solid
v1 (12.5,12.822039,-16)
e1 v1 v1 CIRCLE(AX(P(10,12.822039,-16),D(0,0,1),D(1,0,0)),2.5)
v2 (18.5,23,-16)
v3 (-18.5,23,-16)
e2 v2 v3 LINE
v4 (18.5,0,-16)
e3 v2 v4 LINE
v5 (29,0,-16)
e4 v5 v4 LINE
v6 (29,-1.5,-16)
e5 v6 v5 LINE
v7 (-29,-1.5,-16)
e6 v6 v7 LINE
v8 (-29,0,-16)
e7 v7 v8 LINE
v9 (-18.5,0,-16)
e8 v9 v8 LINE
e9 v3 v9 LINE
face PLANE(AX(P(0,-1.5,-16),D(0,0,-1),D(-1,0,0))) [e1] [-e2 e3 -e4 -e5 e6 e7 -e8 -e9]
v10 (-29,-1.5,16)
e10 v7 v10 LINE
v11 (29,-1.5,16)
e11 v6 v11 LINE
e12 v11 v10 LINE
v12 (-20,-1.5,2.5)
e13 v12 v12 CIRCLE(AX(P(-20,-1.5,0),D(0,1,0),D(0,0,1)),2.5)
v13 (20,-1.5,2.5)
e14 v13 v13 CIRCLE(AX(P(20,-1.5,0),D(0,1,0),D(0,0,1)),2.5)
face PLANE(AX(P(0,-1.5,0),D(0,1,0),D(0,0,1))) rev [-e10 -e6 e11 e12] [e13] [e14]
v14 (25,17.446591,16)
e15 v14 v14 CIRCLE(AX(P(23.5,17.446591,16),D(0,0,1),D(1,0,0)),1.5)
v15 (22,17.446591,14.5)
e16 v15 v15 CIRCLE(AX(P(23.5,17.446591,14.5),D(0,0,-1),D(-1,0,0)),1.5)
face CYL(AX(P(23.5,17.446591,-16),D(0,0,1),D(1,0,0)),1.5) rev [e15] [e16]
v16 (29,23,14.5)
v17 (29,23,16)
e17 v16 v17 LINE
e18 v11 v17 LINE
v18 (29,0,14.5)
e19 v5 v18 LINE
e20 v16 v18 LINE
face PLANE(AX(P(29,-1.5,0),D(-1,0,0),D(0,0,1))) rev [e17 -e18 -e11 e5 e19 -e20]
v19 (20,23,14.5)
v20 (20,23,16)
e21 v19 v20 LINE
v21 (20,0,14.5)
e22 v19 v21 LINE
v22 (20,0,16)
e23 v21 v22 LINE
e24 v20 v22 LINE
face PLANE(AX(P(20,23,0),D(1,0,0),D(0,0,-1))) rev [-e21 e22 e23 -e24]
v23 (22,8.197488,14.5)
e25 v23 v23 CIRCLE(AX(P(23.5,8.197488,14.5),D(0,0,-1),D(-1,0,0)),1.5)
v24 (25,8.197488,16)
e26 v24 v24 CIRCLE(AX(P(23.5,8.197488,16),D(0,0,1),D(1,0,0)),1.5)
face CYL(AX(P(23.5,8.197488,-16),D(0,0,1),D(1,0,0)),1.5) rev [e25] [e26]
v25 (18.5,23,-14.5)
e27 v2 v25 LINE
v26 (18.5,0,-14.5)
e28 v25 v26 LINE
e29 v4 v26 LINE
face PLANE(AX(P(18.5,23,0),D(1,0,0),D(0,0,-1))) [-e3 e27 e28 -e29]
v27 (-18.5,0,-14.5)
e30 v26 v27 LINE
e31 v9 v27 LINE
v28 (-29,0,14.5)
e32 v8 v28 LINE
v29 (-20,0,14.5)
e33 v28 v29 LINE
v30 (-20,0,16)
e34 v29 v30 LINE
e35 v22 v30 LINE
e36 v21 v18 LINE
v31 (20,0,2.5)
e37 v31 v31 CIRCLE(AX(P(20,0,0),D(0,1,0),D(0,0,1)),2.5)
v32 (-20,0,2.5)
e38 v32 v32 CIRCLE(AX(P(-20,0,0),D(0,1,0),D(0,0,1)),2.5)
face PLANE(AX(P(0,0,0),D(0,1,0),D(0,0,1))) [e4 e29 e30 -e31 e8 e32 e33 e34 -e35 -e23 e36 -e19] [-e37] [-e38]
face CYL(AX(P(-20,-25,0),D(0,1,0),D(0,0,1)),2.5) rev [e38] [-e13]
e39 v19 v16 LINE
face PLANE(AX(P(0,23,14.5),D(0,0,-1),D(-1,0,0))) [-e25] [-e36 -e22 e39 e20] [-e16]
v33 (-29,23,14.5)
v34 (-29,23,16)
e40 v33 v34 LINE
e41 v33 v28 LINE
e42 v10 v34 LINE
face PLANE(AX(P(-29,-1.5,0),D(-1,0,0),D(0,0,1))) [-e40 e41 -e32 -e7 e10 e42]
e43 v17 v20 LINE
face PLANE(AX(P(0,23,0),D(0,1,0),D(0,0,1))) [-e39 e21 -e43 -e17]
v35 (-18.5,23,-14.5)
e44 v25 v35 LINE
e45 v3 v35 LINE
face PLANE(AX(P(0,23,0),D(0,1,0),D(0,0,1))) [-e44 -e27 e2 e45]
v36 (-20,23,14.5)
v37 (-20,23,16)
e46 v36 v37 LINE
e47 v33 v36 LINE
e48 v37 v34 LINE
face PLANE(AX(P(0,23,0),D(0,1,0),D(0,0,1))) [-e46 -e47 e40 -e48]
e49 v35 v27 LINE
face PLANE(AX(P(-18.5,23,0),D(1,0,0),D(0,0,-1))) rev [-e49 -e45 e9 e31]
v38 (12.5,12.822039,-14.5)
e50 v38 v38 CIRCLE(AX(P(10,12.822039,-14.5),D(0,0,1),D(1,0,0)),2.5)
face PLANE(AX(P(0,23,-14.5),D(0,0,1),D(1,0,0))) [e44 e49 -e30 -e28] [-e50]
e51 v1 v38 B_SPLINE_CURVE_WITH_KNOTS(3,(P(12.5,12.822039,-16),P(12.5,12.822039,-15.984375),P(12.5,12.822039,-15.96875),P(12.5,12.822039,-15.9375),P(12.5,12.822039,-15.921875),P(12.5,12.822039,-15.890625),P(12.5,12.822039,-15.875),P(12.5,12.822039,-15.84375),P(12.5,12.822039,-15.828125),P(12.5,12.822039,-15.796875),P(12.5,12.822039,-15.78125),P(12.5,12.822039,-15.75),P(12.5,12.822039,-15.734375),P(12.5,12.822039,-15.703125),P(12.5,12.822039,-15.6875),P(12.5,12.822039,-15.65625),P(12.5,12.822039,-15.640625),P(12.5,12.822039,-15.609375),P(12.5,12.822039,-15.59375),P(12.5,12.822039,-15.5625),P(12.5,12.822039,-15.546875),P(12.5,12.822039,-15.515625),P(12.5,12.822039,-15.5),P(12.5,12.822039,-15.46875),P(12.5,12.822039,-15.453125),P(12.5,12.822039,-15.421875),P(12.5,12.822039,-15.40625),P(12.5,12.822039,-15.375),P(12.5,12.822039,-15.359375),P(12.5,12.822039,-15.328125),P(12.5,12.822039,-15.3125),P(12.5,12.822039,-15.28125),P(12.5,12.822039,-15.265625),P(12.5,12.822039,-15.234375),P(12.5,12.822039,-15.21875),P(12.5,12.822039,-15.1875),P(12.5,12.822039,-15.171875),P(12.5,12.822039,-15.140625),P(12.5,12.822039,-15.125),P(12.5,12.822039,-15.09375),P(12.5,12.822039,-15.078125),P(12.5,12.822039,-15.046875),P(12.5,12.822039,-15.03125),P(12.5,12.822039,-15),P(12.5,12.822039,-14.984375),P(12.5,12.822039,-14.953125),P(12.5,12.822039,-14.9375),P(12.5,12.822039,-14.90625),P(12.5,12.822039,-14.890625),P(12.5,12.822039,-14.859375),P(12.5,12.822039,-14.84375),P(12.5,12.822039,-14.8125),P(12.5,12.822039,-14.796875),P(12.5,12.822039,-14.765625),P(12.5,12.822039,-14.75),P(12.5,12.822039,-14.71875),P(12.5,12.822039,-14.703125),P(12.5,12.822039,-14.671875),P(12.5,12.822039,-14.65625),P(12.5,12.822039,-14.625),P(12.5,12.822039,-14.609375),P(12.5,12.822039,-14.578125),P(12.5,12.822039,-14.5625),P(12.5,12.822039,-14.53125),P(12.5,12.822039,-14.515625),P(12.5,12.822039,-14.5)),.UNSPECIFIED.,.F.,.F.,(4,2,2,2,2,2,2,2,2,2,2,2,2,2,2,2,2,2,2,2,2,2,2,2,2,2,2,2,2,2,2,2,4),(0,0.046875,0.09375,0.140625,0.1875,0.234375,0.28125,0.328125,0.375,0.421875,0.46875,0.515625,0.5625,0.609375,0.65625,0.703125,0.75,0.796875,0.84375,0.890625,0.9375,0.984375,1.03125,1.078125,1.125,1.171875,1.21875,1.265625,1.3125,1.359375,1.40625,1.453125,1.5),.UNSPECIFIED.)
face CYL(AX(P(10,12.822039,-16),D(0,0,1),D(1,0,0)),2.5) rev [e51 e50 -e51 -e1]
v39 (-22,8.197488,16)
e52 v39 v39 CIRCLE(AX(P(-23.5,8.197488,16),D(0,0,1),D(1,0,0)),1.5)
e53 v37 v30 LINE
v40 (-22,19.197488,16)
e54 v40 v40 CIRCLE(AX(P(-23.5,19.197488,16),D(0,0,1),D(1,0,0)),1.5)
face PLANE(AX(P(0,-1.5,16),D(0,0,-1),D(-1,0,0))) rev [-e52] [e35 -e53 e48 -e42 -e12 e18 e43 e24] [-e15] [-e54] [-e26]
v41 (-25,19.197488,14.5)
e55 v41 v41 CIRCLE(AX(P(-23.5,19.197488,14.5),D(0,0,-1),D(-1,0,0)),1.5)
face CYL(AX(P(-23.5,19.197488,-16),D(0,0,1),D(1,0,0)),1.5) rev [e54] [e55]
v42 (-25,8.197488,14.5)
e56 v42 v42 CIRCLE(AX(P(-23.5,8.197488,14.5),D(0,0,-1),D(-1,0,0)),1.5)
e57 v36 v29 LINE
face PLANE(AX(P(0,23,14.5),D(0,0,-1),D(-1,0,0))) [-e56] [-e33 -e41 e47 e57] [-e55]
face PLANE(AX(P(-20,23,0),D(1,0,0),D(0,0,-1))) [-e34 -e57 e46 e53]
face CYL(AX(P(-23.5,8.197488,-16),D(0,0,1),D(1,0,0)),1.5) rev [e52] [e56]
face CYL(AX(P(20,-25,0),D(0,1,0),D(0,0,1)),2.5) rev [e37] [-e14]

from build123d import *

# Parameters (mm, degrees)
SKETCH1_W           = 58
SKETCH1_H           = 32
BOSS_EXTRUDE1_DEPTH = 1.5
SKETCH1_3_W         = 9
SKETCH1_3_H         = 1.5
BOSS_EXTRUDE2_DEPTH = 23
SKETCH2_R           = 1.5
CUT_EXTRUDE1_DEPTH  = 49.928519291
SKETCH1_4_W         = 37
SKETCH1_4_H         = 1.5
BOSS_EXTRUDE3_DEPTH = 23
SKETCH3_R           = 2.5
CUT_EXTRUDE2_DEPTH  = 48.960921592
SKETCH1_5_R         = 2.5
CUT_EXTRUDE3_DEPTH  = 25


with BuildPart() as part:
    # Sketch1 → Boss-Extrude1 (new body)
    with BuildSketch(Plane(origin=(0, 0, 0), x_dir=(1, 0, 0), z_dir=(0, 1, 0))):
        Rectangle(SKETCH1_W, SKETCH1_H)
    extrude(amount=-BOSS_EXTRUDE1_DEPTH)

    # Sketch1<3> → Boss-Extrude2 (add)
    with BuildSketch(Plane(origin=(0, 0, 0), x_dir=(1, 0, 0), z_dir=(0, 1, 0))):
        with Locations((-24.5, -15.25)):
            Rectangle(SKETCH1_3_W, SKETCH1_3_H)
        with Locations((24.5, -15.25)):
            Rectangle(SKETCH1_3_W, SKETCH1_3_H)
    extrude(amount=BOSS_EXTRUDE2_DEPTH)

    # Sketch2 → Cut-Extrude1 (cut, through all)
    with BuildSketch(Plane.XY.offset(16)):
        with Locations((-23.5, 19.197487824)):
            Circle(SKETCH2_R)
        with Locations((-23.5, 8.197487824)):
            Circle(SKETCH2_R)
        with Locations((23.5, 17.446590768)):
            Circle(SKETCH2_R)
        with Locations((23.5, 8.197487824)):
            Circle(SKETCH2_R)
    extrude(amount=-CUT_EXTRUDE1_DEPTH, mode=Mode.SUBTRACT)

    # Sketch1<4> → Boss-Extrude3 (add)
    with BuildSketch(Plane(origin=(0, 0, 0), x_dir=(1, 0, 0), z_dir=(0, 1, 0))):
        with Locations((0, 15.25)):
            Rectangle(SKETCH1_4_W, SKETCH1_4_H)
    extrude(amount=BOSS_EXTRUDE3_DEPTH)

    # Sketch3 → Cut-Extrude2 (cut, through all)
    with BuildSketch(Plane.XY.offset(-14.5)):
        with Locations((10, 12.822039296)):
            Circle(SKETCH3_R)
    extrude(amount=-CUT_EXTRUDE2_DEPTH, mode=Mode.SUBTRACT)

    # Sketch1<5> → Cut-Extrude3 (cut)
    with BuildSketch(Plane(origin=(0, 0, 0), x_dir=(1, 0, 0), z_dir=(0, 1, 0))):
        with Locations((-20, 0)):
            Circle(SKETCH1_5_R)
        with Locations((20, 0)):
            Circle(SKETCH1_5_R)
    extrude(amount=-CUT_EXTRUDE3_DEPTH, mode=Mode.SUBTRACT)


solid = part.part
